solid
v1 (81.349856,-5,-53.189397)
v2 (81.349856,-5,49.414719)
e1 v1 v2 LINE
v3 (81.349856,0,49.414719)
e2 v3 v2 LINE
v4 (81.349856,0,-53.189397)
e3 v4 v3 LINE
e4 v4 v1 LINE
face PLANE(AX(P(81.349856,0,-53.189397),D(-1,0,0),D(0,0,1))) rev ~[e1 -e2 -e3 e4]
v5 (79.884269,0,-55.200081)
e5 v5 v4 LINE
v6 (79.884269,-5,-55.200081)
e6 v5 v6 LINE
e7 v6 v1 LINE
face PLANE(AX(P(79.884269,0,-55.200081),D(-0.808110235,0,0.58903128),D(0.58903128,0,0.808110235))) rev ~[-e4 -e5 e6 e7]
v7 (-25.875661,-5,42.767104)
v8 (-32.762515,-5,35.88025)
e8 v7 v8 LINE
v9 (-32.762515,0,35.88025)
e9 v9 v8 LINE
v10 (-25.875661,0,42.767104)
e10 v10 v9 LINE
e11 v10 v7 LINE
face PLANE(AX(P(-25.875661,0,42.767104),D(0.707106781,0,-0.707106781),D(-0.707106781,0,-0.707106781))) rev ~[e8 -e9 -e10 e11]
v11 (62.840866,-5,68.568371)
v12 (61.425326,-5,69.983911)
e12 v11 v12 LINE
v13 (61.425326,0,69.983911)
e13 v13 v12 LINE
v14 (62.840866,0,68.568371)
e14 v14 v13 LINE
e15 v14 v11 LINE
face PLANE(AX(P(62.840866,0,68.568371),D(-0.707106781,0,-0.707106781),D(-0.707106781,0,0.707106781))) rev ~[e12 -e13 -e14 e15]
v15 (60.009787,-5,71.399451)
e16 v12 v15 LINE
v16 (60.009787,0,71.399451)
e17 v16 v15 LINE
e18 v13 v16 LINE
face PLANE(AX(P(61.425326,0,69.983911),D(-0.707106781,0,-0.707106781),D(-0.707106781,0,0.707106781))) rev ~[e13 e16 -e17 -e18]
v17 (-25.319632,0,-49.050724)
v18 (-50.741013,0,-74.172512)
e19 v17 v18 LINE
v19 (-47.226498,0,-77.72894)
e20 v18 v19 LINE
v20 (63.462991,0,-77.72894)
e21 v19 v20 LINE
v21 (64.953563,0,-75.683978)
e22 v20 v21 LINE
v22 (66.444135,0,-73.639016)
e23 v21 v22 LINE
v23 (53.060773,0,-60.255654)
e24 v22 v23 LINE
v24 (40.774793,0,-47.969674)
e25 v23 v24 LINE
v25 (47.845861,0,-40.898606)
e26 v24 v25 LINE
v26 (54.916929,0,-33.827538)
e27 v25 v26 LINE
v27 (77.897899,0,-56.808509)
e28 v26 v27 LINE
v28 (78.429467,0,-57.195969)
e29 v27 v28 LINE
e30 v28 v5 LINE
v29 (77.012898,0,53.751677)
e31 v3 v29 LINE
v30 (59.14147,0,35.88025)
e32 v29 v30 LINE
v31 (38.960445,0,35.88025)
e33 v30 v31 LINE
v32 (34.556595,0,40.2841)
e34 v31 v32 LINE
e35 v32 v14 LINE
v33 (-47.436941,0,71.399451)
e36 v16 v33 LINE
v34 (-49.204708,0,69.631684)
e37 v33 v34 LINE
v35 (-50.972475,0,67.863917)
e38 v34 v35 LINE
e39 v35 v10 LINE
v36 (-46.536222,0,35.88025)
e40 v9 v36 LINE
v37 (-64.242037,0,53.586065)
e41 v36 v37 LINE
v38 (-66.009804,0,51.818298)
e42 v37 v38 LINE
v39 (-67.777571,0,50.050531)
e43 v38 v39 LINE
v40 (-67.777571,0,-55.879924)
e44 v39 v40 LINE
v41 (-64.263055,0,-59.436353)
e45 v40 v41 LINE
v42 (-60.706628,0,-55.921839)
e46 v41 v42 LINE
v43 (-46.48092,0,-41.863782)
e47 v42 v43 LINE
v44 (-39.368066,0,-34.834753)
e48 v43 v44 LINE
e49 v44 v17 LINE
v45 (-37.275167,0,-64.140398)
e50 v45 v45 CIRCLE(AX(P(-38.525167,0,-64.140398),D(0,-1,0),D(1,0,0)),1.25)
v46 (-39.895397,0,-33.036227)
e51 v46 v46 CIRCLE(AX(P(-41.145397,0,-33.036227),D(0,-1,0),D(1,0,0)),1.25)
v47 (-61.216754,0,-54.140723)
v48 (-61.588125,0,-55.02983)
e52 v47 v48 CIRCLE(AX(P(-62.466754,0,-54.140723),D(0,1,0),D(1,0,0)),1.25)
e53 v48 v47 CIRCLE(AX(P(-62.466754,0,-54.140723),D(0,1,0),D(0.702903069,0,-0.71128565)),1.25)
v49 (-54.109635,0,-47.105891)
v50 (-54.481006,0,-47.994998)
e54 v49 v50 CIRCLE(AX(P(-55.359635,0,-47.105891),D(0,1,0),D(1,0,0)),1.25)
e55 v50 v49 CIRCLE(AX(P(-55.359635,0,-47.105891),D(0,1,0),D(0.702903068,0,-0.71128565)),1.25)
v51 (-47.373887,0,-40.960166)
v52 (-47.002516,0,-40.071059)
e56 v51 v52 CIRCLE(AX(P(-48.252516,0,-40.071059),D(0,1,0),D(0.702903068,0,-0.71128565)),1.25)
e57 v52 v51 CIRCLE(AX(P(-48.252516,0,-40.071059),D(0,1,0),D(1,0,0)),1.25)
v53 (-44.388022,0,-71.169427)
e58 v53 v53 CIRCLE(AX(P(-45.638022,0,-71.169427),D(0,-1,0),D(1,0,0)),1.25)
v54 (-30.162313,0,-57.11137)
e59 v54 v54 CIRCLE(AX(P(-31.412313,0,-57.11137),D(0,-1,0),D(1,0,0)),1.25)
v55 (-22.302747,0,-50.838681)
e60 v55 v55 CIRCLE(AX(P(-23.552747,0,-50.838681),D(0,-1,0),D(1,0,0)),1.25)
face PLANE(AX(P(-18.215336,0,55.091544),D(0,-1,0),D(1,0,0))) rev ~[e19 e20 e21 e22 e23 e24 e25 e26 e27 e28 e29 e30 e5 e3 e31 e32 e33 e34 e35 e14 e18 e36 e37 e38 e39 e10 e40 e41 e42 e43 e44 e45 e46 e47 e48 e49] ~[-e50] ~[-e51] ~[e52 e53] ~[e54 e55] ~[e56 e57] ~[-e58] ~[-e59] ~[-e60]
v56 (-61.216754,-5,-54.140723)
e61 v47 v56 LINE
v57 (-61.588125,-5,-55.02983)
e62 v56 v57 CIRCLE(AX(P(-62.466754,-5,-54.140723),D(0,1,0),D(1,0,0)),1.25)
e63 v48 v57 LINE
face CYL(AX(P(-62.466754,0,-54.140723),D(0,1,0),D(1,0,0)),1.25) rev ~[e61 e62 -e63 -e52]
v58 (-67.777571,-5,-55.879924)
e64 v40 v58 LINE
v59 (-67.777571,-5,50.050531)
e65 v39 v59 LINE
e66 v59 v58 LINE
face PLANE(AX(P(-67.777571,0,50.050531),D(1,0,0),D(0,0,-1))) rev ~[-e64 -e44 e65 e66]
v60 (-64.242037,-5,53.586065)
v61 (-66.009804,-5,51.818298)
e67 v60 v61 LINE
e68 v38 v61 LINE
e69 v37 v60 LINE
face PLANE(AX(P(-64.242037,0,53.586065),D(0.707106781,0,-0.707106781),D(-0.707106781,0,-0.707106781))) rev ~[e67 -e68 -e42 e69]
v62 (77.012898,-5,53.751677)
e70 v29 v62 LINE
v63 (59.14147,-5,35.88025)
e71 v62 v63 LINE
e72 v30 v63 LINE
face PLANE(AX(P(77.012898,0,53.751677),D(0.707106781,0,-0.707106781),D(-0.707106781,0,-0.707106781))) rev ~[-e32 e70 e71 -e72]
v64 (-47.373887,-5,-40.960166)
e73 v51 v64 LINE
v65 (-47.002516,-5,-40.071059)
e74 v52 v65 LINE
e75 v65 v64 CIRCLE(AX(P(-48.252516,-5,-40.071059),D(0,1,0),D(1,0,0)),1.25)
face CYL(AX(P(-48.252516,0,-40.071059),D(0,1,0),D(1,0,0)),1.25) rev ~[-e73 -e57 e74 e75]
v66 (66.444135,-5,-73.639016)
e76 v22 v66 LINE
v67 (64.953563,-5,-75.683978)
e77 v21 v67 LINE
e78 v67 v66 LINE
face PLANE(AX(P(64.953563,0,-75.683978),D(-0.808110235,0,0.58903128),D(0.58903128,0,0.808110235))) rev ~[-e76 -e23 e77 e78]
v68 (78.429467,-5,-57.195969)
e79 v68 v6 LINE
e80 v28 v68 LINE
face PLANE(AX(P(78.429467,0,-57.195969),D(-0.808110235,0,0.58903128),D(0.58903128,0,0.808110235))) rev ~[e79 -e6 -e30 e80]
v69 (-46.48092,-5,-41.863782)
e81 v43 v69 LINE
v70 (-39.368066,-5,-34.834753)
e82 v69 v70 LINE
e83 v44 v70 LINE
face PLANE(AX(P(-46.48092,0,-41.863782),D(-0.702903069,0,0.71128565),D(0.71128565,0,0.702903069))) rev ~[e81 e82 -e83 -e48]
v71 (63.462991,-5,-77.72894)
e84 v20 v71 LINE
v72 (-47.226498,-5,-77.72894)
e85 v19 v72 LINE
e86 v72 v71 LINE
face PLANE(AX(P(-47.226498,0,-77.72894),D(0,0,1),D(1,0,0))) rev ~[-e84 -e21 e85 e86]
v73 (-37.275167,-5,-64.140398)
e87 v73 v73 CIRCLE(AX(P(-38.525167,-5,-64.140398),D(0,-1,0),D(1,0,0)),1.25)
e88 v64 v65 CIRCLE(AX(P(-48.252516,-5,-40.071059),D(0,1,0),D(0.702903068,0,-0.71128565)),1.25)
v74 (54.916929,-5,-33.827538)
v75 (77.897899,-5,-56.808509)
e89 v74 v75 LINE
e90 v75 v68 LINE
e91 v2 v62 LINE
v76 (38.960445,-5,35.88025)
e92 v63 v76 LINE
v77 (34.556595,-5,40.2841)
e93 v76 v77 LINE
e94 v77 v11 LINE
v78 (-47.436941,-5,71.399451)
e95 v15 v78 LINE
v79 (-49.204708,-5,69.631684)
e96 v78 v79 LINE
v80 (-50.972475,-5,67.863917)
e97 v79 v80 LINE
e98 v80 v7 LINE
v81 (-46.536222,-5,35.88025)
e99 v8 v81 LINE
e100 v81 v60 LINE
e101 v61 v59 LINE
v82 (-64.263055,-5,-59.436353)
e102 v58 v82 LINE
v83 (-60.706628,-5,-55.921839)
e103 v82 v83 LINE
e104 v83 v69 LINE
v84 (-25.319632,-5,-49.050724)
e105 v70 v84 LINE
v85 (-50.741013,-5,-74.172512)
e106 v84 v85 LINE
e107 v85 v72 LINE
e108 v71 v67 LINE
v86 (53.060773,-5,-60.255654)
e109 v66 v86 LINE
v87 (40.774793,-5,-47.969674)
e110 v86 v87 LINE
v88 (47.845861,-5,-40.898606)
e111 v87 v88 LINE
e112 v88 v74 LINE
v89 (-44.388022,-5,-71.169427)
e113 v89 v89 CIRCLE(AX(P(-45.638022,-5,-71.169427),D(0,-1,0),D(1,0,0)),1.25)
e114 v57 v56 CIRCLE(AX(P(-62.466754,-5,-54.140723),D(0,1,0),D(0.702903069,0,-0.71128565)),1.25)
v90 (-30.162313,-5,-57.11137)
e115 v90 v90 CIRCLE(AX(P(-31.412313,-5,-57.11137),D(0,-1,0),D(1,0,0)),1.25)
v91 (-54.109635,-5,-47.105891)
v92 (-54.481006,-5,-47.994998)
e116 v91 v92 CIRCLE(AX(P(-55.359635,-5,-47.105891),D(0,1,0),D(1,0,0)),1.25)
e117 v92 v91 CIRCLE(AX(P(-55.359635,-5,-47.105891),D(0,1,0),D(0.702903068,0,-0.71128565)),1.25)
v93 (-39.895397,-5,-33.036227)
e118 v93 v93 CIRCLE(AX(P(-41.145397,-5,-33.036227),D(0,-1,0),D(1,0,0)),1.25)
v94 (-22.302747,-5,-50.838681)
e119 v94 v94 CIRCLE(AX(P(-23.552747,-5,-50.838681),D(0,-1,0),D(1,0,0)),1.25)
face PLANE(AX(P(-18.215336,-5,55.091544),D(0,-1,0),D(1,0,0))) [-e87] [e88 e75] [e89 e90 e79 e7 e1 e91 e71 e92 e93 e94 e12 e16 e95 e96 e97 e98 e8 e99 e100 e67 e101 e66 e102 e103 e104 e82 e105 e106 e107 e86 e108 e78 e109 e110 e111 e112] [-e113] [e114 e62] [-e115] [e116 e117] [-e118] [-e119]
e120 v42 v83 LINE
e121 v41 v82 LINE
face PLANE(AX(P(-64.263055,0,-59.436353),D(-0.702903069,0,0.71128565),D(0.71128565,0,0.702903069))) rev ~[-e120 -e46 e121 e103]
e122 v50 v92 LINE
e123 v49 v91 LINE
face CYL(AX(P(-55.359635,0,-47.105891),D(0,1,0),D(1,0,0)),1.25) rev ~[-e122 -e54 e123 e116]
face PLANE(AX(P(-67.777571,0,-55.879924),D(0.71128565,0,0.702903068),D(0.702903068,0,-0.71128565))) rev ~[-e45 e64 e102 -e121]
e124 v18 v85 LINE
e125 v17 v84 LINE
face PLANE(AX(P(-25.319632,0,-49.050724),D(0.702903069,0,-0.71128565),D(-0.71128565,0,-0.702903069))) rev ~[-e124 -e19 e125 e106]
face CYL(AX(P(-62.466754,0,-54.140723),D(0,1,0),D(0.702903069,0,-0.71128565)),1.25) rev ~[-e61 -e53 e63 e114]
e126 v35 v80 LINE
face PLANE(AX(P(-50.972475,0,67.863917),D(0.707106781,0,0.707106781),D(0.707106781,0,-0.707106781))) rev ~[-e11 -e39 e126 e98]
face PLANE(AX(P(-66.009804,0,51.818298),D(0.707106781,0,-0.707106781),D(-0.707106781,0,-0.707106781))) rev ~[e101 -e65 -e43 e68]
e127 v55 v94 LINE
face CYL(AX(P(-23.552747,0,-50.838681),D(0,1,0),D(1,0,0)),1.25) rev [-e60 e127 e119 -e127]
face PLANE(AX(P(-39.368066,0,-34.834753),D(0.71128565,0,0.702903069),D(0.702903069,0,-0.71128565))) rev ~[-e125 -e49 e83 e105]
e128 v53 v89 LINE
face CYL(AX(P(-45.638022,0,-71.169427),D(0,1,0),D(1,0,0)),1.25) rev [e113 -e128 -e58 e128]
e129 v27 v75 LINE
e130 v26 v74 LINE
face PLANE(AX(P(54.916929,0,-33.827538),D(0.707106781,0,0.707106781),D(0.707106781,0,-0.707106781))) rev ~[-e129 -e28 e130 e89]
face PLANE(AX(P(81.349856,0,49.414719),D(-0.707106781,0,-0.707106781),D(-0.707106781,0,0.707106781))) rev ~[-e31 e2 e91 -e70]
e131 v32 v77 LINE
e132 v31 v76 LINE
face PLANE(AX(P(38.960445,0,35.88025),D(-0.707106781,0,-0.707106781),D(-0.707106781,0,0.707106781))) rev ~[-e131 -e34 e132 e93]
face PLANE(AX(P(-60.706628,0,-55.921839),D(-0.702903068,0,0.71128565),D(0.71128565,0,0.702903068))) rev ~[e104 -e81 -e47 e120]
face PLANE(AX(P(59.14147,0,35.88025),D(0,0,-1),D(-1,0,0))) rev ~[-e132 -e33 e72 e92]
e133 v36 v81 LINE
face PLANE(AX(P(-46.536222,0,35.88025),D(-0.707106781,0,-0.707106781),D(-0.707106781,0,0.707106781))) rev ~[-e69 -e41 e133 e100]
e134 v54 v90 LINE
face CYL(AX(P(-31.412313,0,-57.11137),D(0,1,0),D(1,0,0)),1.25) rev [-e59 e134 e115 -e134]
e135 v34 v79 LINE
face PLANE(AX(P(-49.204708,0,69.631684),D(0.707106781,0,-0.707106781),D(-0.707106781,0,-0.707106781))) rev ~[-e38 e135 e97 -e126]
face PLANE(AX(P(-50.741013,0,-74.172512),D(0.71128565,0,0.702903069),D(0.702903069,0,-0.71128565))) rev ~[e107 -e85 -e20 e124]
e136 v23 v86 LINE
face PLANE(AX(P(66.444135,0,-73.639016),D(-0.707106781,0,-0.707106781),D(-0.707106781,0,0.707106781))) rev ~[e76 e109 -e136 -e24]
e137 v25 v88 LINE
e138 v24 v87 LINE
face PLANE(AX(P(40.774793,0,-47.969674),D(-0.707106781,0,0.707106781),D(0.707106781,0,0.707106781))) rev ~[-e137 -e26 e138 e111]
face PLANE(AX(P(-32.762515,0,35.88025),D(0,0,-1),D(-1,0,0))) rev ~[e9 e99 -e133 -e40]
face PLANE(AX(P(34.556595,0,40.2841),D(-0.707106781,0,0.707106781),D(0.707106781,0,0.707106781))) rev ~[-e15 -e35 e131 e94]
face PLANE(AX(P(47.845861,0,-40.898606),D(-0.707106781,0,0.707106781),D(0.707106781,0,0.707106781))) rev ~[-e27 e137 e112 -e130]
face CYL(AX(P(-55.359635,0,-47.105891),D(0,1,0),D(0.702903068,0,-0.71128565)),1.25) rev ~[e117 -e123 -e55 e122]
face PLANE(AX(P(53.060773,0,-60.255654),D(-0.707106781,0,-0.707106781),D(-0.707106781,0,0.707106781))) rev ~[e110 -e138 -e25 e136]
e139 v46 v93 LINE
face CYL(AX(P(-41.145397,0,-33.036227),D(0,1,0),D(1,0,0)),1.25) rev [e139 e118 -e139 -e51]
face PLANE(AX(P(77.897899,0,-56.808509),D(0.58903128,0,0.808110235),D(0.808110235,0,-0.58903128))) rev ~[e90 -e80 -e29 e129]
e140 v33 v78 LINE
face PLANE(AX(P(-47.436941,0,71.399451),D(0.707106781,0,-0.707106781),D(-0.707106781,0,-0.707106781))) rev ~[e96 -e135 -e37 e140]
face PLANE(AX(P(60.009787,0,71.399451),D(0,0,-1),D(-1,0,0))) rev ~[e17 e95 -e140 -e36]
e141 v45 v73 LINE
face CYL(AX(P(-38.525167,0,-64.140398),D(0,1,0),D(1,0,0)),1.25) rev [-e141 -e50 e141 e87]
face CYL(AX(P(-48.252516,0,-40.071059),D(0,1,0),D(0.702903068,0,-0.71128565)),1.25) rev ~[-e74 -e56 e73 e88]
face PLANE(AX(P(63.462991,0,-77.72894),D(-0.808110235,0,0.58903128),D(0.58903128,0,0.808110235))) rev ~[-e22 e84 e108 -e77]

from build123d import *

# Parameters (mm, degrees)
F0_R     = 1.25
F1_DEPTH = 5


with BuildPart() as f1:
    # F0 (on Front) → F1 (new body)
    with BuildSketch(Plane.XZ):
        Polygon((6.786142438, 71.3994509603), (-47.4369410245, 71.3994509603), (-49.2047079774, 69.6316840073), (-50.9724749304, 67.8639170544), (-25.8756614631, 42.767103587), (-32.7625148906, 35.8802501595), (6.786142438, 35.8802501595), align=None)
        Polygon((60.0097865145, 71.3994509603), (6.786142438, 71.3994509603), (6.786142438, 35.8802501595), (31.8893770085, 35.8802501595), (38.9604448203, 35.8802501595), (34.5565948475, 40.2841001324), (33.1410550573, 41.6996399226), (31.725515267, 43.1151797128), align=None)
        Polygon((61.4253263047, 69.9839111701), (60.0097865145, 71.3994509603), (31.725515267, 43.1151797128), (33.1410550573, 41.6996399226), align=None)
        Polygon((31.8893770085, 35.8802501595), (6.786142438, 35.8802501595), (-32.7625148906, 35.8802501595), (-39.6493683181, 28.993396732), (-46.5362217456, 35.8802501595), (-50.0717556515, 35.8802501595), (-53.6072895575, 35.8802501595), (-67.777570664, 35.8802501595), (-67.777570664, -55.8799244453), (-64.2630553215, -59.4363526967), (-60.7066282539, -55.921838524), (-53.5937741188, -48.8928101788), (-46.4809199836, -41.8637818335), (-39.3680658485, -34.8347534882), (-25.3196320005, -49.0507241572), (-50.7410133953, -74.1725116992), (-47.2264980528, -77.7289399505), (63.4629911962, -77.7289399505), (64.9535632249, -75.6839780733), (52.1188920999, -62.8493069483), (37.2392590976, -47.969673946), (46.0363051715, -39.0890504903), (54.8333512454, -30.2084270345), (79.6656659688, -55.0407417579), (79.8842687626, -55.2000812612), (81.3498555399, -53.1893974231), (81.3498555399, -3.1647444951), (81.3498555399, 35.8802501595), (67.8153865031, 35.8802501595), (53.3879156617, 21.4527793181), (49.050957634, 25.7897373459), (42.3955497797, 32.4451452001), (38.9604448203, 35.8802501595), align=None)
        with Locations((-45.6380215497, -71.1694267488)):
            Circle(F0_R, mode=Mode.SUBTRACT)
        with Locations((-38.5251674146, -64.1403984036)):
            Circle(F0_R, mode=Mode.SUBTRACT)
        with BuildLine():
            ThreePointArc((-61.2167535075, -54.1407226182), (-61.3133268638, -54.6224974388), (-61.5881246718, -55.0298296811))
            ThreePointArc((-61.5881246718, -55.0298296811), (-63.6201801511, -53.6589477977), (-61.2167535075, -54.1407226182))
        make_face(mode=Mode.SUBTRACT)
        with BuildLine():
            ThreePointArc((-54.1096345369, -47.1058907127), (-54.2062078933, -47.5876655333), (-54.4810057013, -47.9949977756))
            ThreePointArc((-54.4810057013, -47.9949977756), (-56.5130611806, -46.6241158922), (-54.1096345369, -47.1058907127))
        make_face(mode=Mode.SUBTRACT)
        with Locations((-31.4123132794, -57.1113700583)):
            Circle(F0_R, mode=Mode.SUBTRACT)
        with Locations((-23.5527468072, -50.8386806195)):
            Circle(F0_R, mode=Mode.SUBTRACT)
        with BuildLine():
            ThreePointArc((-47.0025155664, -40.0710588072), (-47.0990889228, -40.5528336278), (-47.3738867308, -40.9601658701))
            ThreePointArc((-47.3738867308, -40.9601658701), (-49.40594221, -39.5892839867), (-47.0025155664, -40.0710588072))
        make_face(mode=Mode.SUBTRACT)
        with Locations((-41.1453965959, -33.0362269017)):
            Circle(F0_R, mode=Mode.SUBTRACT)
        Polygon((62.8408660949, 68.5683713798), (61.4253263047, 69.9839111701), (33.1410550573, 41.6996399226), (34.5565948475, 40.2841001324), align=None)
        Polygon((-39.6493683181, 28.993396732), (-32.7625148906, 35.8802501595), (-46.5362217456, 35.8802501595), align=None)
        Polygon((-50.0717556515, 35.8802501595), (-46.5362217456, 35.8802501595), (-64.2420367581, 53.586065172), (-66.009803711, 51.818298219), align=None)
        Polygon((45.8306547391, 35.8802501595), (38.9604448203, 35.8802501595), (42.3955497797, 32.4451452001), align=None)
        Polygon((-53.6072895575, 35.8802501595), (-50.0717556515, 35.8802501595), (-66.009803711, 51.818298219), (-67.777570664, 50.050531266), align=None)
        Polygon((45.8306547391, 35.8802501595), (42.3955497797, 32.4451452001), (49.050957634, 25.7897373459), (59.1414704476, 35.8802501595), align=None)
        Polygon((-67.777570664, 35.8802501595), (-53.6072895575, 35.8802501595), (-67.777570664, 50.050531266), align=None)
        Polygon((59.1414704476, 35.8802501595), (49.050957634, 25.7897373459), (53.3879156617, 21.4527793181), (67.8153865031, 35.8802501595), align=None)
        Polygon((77.0128975122, 53.7516772241), (59.1414704476, 35.8802501595), (67.8153865031, 35.8802501595), (81.3498555399, 49.4147191964), align=None)
        Polygon((81.3498555399, 49.4147191964), (67.8153865031, 35.8802501595), (81.3498555399, 35.8802501595), align=None)
        Polygon((78.4294671748, -57.1959685641), (79.8842687626, -55.2000812612), (79.6656659688, -55.0407417579), (54.8333512454, -30.2084270345), (46.0363051715, -39.0890504903), (47.8458608154, -40.8986061341), (54.9169286273, -33.8275383223), (77.8978990158, -56.8085087108), align=None)
        Polygon((47.8458608154, -40.8986061341), (46.0363051715, -39.0890504903), (37.2392590976, -47.969673946), (52.1188920999, -62.8493069483), (53.0607733267, -60.2556542691), (40.7747930035, -47.969673946), align=None)
        Polygon((53.0607733267, -60.2556542691), (52.1188920999, -62.8493069483), (64.9535632249, -75.6839780733), (66.4441352535, -73.639016196), align=None)
    extrude(amount=F1_DEPTH)


solid = f1.part
